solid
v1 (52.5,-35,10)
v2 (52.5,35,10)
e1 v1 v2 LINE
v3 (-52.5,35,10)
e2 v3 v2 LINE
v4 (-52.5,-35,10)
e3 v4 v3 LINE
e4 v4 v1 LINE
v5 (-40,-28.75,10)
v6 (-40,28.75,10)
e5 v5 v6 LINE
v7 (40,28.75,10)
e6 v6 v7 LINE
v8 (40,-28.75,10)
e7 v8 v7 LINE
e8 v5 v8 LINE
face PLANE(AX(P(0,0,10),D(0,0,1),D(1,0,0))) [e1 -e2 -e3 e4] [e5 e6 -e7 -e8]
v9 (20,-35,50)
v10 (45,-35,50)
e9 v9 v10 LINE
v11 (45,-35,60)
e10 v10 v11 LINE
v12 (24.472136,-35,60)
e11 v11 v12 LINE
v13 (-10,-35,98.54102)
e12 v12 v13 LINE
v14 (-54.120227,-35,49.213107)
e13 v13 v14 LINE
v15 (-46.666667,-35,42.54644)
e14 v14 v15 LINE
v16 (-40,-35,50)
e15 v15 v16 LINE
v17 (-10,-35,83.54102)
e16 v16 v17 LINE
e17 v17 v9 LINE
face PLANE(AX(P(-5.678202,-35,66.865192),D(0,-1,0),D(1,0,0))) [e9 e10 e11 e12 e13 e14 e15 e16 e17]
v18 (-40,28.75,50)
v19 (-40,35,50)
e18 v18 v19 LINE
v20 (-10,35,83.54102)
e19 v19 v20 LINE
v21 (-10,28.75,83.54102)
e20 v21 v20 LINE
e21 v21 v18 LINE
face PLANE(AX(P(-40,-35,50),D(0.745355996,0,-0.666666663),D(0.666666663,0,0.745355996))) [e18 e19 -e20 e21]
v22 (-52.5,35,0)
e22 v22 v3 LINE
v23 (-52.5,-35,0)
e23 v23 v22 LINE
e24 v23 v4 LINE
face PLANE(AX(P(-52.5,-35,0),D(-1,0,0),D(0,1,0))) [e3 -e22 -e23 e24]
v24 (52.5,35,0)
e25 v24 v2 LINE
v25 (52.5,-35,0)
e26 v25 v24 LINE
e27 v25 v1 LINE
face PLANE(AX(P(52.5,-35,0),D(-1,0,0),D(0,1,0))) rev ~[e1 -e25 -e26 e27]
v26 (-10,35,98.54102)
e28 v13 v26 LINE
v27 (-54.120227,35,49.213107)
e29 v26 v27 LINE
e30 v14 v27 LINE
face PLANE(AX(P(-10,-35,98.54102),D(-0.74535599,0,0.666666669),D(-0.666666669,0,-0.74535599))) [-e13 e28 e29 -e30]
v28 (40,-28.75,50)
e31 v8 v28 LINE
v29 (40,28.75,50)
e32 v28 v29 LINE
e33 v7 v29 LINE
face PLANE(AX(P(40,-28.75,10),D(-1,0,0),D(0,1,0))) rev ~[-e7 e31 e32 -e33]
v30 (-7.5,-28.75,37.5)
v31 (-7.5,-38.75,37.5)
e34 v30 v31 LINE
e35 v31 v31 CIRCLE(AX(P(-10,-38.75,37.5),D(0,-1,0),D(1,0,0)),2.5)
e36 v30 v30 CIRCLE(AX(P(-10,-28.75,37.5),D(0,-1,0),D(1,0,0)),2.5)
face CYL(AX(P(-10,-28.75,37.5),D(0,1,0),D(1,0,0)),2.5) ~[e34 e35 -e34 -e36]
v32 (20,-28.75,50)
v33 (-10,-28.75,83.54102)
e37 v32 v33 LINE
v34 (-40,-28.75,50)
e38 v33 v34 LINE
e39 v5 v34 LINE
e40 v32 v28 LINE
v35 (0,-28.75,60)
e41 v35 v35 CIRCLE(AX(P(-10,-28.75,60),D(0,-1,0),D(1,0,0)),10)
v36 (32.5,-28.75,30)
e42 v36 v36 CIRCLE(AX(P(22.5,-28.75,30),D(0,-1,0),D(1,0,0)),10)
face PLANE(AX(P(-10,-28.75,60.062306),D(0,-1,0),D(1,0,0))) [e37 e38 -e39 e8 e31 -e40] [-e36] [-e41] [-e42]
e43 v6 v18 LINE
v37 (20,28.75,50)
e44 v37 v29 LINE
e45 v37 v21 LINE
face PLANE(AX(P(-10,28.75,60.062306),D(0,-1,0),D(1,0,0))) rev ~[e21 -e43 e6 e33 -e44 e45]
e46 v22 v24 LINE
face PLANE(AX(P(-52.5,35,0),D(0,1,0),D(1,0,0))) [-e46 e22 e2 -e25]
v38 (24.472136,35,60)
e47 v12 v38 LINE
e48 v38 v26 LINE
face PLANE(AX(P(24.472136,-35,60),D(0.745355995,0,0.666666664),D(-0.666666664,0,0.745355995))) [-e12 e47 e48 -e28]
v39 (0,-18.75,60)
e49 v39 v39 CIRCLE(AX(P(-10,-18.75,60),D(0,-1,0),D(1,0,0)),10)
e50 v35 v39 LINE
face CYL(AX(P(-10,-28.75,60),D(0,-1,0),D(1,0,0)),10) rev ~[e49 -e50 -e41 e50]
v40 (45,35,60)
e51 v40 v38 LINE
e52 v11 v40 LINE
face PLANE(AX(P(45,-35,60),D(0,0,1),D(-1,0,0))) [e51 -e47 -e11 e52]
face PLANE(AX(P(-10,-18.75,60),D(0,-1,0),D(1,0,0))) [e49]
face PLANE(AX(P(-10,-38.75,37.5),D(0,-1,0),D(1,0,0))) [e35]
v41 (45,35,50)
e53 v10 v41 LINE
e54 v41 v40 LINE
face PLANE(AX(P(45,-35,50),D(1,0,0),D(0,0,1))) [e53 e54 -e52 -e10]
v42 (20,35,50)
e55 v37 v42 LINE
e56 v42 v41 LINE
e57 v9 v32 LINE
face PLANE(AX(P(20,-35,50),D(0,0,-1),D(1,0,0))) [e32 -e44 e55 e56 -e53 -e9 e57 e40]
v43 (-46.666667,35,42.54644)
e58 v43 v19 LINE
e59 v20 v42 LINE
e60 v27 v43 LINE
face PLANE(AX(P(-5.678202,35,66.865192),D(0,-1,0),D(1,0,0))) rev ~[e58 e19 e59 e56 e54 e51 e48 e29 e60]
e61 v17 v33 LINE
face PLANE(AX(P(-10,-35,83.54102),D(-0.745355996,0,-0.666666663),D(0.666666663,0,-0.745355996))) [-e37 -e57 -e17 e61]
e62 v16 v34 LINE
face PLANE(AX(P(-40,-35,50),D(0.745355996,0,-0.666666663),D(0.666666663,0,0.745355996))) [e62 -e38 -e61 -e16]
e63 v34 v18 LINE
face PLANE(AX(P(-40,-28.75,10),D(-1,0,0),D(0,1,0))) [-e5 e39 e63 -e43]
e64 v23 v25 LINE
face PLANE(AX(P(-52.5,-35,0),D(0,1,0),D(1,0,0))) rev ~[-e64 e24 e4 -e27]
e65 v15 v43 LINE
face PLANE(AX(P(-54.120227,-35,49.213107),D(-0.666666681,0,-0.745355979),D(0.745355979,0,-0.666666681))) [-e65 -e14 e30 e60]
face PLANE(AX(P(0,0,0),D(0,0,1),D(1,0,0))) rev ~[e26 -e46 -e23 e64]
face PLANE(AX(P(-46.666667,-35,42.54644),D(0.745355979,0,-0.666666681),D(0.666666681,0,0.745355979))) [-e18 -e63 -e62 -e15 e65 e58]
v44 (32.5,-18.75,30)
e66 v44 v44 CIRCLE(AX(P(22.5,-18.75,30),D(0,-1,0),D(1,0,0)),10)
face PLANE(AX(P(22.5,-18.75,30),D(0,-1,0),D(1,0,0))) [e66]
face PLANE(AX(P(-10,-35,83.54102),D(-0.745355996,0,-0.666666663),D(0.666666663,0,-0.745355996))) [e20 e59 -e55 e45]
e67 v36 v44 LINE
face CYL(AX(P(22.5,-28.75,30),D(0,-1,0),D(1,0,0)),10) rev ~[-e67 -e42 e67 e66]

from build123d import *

# Parameters (mm, degrees)
F0_W      = 105
F0_H      = 70
F1_DEPTH  = 10
F2_W      = 80
F2_H      = 57.5
F3_DEPTH  = 40
F5_DEPTH  = 57.5
F7_DEPTH  = 70
F8_R      = 2.5
F9_DEPTH  = 10
F10_R     = 10
F11_DEPTH = 10
F12_R     = 10
F13_DEPTH = 10


with BuildPart() as f1:
    # F0 (on Top) → F1 (new body)
    with BuildSketch(Plane.XY):
        Rectangle(F0_W, F0_H)
    extrude(amount=F1_DEPTH)

    # F2 (on face) → F3 (join)
    with BuildSketch(Plane.XY.offset(10)):
        Rectangle(F2_W, F2_H)
    extrude(amount=F3_DEPTH)

    # F4 (on face) → F5 (join)
    with BuildSketch(Plane.XZ.offset(28.75)):
        Polygon((-10, 83.54102), (-40, 50), (20, 50), align=None)
    extrude(amount=-F5_DEPTH)

    # F6 (on face) → F7 (join, through all)
    with BuildSketch(Plane.XZ.offset(35)):
        Polygon((20, 50), (45, 50), (45, 60), (24.472136, 60), (-10, 98.54102), (-54.120227, 49.213107), (-46.666667, 42.54644), (-40, 50), (-10, 83.54102), align=None)
    extrude(amount=-F7_DEPTH)

    # F8 (on face) → F9 (join)
    with BuildSketch(Plane.XZ.offset(28.75)):
        with Locations((-10, 37.5)):
            Circle(F8_R)
    extrude(amount=F9_DEPTH)

    # F10 (on face) → F11 (cut)
    with BuildSketch(Plane.XZ.offset(28.75)):
        with Locations((22.5, 30)):
            Circle(F10_R)
    extrude(amount=-F11_DEPTH, mode=Mode.SUBTRACT)

    # F12 (on face) → F13 (cut)
    with BuildSketch(Plane.XZ.offset(28.75)):
        with Locations((-10, 60)):
            Circle(F12_R)
    extrude(amount=-F13_DEPTH, mode=Mode.SUBTRACT)


solid = f1.part
